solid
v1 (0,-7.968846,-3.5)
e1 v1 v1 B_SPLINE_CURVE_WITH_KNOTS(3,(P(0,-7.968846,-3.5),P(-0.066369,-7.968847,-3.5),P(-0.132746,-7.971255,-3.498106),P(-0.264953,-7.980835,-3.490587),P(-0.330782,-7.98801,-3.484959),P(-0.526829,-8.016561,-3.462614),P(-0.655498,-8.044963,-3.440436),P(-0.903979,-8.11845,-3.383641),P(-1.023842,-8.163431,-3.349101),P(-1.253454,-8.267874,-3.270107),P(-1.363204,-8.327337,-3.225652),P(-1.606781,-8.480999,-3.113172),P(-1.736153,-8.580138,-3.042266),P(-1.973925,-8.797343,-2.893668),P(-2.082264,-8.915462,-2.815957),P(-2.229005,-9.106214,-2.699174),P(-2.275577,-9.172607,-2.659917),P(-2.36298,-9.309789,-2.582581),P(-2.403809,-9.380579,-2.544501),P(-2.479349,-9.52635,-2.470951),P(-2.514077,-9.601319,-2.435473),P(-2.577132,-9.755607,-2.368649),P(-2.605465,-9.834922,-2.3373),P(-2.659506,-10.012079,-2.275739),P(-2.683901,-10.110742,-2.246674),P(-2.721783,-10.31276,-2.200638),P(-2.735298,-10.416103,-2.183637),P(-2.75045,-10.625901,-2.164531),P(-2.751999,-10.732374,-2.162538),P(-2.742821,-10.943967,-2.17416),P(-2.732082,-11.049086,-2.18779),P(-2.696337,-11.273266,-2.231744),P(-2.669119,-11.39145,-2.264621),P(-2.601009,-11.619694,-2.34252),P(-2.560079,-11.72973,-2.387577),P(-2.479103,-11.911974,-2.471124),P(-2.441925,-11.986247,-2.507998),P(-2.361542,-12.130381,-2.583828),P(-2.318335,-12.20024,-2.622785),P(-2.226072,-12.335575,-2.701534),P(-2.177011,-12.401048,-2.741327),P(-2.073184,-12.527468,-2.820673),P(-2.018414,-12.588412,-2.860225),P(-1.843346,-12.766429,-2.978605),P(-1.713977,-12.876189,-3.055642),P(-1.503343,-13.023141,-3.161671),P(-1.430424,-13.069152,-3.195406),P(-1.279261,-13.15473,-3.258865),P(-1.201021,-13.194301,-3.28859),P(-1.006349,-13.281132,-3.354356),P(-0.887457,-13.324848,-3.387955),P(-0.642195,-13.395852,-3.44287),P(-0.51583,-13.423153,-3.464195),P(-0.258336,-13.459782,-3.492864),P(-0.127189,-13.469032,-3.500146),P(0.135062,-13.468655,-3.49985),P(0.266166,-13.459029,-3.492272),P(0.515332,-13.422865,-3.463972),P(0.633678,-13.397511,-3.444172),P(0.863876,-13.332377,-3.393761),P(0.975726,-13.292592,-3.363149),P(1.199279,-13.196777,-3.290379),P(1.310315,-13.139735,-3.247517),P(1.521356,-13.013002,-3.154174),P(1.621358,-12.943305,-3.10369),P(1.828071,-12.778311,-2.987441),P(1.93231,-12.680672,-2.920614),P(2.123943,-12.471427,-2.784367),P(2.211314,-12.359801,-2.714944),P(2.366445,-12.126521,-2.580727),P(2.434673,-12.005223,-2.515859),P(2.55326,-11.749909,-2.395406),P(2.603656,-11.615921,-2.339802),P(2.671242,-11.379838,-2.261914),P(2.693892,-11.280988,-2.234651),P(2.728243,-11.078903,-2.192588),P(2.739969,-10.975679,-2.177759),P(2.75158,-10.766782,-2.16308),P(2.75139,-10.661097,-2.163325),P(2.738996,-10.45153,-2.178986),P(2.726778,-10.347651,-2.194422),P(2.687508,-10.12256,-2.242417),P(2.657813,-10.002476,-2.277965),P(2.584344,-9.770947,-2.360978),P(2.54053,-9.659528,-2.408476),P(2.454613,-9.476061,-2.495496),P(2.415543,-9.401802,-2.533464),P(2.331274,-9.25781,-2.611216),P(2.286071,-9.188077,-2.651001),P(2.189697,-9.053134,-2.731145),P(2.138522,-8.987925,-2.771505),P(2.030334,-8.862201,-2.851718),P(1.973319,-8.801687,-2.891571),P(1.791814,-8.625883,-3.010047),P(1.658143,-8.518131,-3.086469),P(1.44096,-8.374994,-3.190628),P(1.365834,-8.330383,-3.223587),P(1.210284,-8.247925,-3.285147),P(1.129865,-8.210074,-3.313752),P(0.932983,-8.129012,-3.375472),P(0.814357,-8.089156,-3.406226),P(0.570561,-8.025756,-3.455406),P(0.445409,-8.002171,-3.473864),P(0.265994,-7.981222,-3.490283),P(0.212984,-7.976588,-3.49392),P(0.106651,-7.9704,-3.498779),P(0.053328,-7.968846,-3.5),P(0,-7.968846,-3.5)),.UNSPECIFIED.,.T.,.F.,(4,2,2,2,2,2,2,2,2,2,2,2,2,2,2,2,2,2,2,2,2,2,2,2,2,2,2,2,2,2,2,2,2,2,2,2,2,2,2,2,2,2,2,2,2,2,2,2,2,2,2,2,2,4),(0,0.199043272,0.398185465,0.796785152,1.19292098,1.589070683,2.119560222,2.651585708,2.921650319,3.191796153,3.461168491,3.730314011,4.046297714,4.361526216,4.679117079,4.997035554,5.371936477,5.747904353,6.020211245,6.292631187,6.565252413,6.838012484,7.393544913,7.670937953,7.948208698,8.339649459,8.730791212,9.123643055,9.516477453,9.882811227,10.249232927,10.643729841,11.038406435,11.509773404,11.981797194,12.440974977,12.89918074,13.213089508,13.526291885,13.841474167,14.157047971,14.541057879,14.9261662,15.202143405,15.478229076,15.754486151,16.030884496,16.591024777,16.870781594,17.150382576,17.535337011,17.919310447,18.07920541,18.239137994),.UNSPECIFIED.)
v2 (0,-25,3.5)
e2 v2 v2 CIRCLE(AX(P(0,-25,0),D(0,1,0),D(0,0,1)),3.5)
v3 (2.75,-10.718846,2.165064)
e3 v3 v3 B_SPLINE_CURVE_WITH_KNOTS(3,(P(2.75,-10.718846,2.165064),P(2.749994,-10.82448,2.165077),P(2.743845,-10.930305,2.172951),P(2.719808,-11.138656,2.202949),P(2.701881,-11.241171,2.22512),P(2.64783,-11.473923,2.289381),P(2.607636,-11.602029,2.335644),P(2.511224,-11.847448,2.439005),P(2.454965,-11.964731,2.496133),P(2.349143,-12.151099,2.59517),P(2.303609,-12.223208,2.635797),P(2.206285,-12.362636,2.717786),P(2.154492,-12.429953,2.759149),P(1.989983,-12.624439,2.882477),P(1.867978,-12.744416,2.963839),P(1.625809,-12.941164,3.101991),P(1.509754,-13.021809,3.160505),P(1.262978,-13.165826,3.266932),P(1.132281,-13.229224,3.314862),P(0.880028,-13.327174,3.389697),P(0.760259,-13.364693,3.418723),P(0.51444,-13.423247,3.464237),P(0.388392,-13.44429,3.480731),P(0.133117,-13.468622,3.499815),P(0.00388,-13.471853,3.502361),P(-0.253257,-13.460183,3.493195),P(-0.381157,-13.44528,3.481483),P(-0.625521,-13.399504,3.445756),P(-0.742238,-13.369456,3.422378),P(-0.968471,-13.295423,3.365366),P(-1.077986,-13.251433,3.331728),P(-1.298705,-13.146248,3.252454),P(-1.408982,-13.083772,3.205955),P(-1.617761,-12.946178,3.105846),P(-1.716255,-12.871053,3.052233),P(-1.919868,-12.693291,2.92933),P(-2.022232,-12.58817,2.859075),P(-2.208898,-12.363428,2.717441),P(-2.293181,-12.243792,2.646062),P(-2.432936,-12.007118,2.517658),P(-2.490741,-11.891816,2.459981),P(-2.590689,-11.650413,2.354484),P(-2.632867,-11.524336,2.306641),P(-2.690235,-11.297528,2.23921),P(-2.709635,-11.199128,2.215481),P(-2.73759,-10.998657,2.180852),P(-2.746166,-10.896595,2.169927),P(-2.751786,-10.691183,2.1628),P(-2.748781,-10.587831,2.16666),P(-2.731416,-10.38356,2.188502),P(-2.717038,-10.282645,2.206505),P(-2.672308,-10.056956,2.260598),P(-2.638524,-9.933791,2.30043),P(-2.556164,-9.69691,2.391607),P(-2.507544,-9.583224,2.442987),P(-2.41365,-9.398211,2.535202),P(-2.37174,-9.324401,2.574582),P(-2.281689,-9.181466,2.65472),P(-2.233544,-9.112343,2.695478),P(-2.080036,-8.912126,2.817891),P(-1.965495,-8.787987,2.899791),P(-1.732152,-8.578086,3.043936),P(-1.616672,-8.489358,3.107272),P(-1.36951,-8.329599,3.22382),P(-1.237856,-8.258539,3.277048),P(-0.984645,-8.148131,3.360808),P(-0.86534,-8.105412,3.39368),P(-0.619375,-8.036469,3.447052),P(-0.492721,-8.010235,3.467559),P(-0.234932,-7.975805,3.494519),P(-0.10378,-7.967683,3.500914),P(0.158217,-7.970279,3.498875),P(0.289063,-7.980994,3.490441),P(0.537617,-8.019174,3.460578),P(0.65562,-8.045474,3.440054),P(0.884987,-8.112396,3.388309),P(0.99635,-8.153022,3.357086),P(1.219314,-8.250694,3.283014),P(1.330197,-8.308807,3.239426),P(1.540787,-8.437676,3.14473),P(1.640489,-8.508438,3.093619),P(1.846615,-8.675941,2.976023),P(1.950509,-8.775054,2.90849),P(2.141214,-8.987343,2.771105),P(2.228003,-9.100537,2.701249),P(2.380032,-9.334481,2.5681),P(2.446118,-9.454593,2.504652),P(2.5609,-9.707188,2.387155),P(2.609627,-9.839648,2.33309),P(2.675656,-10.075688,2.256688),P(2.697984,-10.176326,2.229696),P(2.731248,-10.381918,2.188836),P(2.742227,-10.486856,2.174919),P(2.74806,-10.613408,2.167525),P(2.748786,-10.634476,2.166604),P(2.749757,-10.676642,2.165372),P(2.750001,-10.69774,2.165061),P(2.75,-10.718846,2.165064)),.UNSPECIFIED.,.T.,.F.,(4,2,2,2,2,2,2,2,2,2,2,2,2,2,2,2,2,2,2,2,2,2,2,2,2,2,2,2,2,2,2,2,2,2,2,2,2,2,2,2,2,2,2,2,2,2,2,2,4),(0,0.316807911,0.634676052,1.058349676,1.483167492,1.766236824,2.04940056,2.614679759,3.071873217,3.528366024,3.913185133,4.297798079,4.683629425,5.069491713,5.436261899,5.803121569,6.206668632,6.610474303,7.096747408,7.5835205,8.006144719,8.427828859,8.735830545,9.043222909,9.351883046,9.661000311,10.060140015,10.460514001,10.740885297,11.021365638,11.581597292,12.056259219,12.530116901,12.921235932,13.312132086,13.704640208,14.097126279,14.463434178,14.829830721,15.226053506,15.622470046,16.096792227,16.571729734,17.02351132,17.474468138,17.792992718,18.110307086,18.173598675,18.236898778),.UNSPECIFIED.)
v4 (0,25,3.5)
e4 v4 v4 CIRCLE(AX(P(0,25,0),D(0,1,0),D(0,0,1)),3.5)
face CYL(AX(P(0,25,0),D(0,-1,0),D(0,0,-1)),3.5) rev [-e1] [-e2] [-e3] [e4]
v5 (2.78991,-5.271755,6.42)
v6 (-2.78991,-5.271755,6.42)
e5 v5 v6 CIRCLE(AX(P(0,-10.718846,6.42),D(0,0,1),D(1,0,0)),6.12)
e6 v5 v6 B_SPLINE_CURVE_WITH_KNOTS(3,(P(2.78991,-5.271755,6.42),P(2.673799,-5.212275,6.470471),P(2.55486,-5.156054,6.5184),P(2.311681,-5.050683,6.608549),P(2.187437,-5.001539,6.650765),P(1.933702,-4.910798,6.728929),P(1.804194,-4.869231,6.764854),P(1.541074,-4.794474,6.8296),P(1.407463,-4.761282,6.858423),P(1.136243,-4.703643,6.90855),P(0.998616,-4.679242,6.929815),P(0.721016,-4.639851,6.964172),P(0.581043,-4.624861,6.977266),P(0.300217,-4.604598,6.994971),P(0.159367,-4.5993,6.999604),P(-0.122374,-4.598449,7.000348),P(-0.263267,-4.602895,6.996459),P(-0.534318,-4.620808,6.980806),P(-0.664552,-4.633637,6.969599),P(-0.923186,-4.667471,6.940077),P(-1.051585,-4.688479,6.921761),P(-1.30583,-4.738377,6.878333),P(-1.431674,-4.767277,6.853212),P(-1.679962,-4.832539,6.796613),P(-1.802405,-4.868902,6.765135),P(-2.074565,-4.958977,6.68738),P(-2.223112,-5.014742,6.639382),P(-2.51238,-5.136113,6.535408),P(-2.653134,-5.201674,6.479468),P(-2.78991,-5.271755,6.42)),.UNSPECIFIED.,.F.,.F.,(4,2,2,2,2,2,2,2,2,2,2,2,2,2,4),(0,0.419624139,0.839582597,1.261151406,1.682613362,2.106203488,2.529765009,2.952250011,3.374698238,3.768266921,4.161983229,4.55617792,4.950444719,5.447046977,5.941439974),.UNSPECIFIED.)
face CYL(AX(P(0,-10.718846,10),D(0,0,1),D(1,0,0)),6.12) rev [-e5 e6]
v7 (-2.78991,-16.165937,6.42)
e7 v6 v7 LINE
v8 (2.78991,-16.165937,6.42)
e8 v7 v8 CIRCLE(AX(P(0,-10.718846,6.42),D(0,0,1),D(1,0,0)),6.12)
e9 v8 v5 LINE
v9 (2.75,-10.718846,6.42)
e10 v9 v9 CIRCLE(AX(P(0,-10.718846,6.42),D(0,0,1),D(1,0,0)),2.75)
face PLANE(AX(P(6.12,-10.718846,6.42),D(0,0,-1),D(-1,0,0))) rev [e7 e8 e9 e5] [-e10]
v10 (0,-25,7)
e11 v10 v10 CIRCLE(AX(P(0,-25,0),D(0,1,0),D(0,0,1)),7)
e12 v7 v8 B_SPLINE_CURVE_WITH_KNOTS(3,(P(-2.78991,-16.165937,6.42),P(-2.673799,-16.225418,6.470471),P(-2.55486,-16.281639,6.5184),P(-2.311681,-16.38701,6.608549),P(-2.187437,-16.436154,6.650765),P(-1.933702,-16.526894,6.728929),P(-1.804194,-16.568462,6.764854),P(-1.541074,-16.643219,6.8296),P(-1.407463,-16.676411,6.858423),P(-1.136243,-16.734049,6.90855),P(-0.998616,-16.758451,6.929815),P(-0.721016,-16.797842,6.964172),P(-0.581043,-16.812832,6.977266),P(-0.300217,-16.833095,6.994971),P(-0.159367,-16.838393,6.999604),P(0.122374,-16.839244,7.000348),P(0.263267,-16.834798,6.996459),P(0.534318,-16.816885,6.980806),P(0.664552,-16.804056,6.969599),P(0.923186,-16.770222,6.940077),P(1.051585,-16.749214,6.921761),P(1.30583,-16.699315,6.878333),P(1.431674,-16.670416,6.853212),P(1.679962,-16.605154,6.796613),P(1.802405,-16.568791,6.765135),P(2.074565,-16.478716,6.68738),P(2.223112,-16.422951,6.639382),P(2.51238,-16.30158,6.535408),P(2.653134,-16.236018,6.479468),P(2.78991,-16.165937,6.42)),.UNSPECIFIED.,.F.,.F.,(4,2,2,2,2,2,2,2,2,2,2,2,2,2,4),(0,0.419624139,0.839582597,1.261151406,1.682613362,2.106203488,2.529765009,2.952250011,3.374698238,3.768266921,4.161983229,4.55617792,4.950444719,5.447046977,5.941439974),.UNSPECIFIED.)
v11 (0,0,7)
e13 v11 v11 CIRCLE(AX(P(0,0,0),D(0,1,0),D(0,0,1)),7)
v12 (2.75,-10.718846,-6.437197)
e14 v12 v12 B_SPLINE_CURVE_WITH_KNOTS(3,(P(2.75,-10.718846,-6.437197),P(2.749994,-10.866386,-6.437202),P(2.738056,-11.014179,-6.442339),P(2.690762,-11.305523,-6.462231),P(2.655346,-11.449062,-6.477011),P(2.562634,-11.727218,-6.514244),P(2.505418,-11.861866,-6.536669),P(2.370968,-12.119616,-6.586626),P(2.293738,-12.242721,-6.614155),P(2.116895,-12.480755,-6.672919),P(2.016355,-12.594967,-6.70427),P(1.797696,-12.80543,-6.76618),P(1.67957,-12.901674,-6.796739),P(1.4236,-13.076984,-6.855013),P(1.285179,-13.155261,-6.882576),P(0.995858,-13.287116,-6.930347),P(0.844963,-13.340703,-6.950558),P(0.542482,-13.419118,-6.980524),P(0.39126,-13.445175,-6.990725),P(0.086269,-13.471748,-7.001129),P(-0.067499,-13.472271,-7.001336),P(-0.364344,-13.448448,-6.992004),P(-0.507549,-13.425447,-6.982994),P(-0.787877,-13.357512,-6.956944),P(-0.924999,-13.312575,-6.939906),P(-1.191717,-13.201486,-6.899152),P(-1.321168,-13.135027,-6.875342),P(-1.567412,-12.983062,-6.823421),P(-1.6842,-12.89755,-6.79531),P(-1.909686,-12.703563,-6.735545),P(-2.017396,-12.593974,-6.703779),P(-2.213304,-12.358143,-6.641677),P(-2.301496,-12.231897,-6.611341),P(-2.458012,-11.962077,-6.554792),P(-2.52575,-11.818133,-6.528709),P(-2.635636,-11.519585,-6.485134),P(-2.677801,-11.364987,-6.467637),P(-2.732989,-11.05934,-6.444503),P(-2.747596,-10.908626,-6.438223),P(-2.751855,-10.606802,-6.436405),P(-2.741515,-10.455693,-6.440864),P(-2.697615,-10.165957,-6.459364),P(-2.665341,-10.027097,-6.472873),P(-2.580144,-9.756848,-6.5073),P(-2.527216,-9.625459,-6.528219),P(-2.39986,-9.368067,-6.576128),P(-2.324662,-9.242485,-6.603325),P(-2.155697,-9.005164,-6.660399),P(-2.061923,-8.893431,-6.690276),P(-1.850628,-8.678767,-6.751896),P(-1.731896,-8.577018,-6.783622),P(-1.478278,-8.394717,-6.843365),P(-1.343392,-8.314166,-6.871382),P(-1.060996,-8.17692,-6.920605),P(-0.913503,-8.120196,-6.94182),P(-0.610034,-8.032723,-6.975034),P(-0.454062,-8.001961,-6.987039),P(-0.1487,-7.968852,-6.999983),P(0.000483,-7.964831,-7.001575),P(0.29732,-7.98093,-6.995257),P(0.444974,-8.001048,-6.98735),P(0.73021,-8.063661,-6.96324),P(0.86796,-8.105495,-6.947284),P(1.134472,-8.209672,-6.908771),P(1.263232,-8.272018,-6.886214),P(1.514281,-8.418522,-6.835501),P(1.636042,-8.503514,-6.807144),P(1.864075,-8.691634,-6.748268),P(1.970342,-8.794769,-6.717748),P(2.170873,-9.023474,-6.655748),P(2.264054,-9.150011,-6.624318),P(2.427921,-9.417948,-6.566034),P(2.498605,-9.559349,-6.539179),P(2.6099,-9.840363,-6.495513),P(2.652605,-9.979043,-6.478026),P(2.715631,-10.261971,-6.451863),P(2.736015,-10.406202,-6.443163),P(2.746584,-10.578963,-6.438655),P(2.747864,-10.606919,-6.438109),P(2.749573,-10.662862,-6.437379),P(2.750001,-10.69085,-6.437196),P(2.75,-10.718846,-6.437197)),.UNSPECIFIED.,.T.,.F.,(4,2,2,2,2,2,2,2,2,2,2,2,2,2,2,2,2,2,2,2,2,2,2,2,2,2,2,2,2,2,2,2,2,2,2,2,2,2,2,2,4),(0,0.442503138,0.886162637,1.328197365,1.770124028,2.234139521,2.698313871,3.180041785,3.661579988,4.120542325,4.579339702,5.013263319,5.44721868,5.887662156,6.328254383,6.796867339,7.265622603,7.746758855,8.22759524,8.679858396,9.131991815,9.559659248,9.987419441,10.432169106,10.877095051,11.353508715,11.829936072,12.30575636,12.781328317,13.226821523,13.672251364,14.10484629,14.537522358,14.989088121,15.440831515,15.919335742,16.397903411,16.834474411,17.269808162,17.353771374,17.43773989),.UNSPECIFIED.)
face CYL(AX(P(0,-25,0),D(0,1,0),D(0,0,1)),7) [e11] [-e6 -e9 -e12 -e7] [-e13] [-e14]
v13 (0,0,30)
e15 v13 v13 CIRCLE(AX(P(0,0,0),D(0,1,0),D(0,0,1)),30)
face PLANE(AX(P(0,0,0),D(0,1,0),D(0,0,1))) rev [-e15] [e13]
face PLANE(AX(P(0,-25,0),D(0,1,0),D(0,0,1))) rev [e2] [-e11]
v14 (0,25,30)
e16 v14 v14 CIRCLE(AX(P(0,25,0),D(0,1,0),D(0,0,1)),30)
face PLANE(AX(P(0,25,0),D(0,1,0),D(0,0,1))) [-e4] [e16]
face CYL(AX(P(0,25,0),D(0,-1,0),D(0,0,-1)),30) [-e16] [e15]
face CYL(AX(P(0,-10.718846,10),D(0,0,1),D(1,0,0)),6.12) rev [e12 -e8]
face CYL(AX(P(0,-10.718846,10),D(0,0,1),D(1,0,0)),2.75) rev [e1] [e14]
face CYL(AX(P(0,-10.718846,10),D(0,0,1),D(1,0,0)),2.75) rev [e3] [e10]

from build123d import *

# Parameters (mm, degrees)
SKETCH5_R           = 30
SKETCH5_R_2         = 7
BOSS_EXTRUDE5_DEPTH = 25
SKETCH5_6_R         = 7
BOSS_EXTRUDE6_DEPTH = 25
SKETCH5_8_R         = 3.5
CUT_EXTRUDE1_DEPTH  = 25
BOSS_EXTRUDE7_START = -25
SKETCH5_9_R         = 7
SKETCH5_9_R_2       = 3.5
BOSS_EXTRUDE7_DEPTH = 25


with BuildPart() as part:
    # Sketch5 → Boss-Extrude5 (new body)
    with BuildSketch(Plane(origin=(0, 0, 0), x_dir=(1, 0, 0), z_dir=(0, 1, 0))):
        Circle(SKETCH5_R)
        Circle(SKETCH5_R_2, mode=Mode.SUBTRACT)
    extrude(amount=BOSS_EXTRUDE5_DEPTH)

    # Sketch5<6> → Boss-Extrude6 (add)
    with BuildSketch(Plane(origin=(0, 0, 0), x_dir=(1, 0, 0), z_dir=(0, 1, 0))):
        Circle(SKETCH5_6_R)
    extrude(amount=BOSS_EXTRUDE6_DEPTH)

    # Sketch5<8> → Cut-Extrude1 (cut)
    with BuildSketch(Plane(origin=(0, 0, 0), x_dir=(1, 0, 0), z_dir=(0, 1, 0))):
        Circle(SKETCH5_8_R)
    extrude(amount=CUT_EXTRUDE1_DEPTH, mode=Mode.SUBTRACT)

    # Sketch5<9> → Boss-Extrude7 (add)
    with BuildSketch(Plane(origin=(0, 0, 0), x_dir=(1, 0, 0), z_dir=(0, 1, 0)).offset(BOSS_EXTRUDE7_START)):
        Circle(SKETCH5_9_R)
        Circle(SKETCH5_9_R_2, mode=Mode.SUBTRACT)
    extrude(amount=BOSS_EXTRUDE7_DEPTH)

    # Sketch9 → CBORE for M5 Hex Head Bolt1 (revolve, cut)
    with BuildSketch(Plane(origin=(0, -10.718846388, 10), x_dir=(0, -1, 0), z_dir=(1, 0, 0))):
        Polygon((0, 0), (0, 40), (2.75, 40), (2.75, 3.58), (6.12, 3.58), (6.12, 0.025), (6.145, 0), align=None)
    revolve(axis=Axis((0, -10.718846388, 16.35), (0, 0, -1)), mode=Mode.SUBTRACT)


solid = part.part
